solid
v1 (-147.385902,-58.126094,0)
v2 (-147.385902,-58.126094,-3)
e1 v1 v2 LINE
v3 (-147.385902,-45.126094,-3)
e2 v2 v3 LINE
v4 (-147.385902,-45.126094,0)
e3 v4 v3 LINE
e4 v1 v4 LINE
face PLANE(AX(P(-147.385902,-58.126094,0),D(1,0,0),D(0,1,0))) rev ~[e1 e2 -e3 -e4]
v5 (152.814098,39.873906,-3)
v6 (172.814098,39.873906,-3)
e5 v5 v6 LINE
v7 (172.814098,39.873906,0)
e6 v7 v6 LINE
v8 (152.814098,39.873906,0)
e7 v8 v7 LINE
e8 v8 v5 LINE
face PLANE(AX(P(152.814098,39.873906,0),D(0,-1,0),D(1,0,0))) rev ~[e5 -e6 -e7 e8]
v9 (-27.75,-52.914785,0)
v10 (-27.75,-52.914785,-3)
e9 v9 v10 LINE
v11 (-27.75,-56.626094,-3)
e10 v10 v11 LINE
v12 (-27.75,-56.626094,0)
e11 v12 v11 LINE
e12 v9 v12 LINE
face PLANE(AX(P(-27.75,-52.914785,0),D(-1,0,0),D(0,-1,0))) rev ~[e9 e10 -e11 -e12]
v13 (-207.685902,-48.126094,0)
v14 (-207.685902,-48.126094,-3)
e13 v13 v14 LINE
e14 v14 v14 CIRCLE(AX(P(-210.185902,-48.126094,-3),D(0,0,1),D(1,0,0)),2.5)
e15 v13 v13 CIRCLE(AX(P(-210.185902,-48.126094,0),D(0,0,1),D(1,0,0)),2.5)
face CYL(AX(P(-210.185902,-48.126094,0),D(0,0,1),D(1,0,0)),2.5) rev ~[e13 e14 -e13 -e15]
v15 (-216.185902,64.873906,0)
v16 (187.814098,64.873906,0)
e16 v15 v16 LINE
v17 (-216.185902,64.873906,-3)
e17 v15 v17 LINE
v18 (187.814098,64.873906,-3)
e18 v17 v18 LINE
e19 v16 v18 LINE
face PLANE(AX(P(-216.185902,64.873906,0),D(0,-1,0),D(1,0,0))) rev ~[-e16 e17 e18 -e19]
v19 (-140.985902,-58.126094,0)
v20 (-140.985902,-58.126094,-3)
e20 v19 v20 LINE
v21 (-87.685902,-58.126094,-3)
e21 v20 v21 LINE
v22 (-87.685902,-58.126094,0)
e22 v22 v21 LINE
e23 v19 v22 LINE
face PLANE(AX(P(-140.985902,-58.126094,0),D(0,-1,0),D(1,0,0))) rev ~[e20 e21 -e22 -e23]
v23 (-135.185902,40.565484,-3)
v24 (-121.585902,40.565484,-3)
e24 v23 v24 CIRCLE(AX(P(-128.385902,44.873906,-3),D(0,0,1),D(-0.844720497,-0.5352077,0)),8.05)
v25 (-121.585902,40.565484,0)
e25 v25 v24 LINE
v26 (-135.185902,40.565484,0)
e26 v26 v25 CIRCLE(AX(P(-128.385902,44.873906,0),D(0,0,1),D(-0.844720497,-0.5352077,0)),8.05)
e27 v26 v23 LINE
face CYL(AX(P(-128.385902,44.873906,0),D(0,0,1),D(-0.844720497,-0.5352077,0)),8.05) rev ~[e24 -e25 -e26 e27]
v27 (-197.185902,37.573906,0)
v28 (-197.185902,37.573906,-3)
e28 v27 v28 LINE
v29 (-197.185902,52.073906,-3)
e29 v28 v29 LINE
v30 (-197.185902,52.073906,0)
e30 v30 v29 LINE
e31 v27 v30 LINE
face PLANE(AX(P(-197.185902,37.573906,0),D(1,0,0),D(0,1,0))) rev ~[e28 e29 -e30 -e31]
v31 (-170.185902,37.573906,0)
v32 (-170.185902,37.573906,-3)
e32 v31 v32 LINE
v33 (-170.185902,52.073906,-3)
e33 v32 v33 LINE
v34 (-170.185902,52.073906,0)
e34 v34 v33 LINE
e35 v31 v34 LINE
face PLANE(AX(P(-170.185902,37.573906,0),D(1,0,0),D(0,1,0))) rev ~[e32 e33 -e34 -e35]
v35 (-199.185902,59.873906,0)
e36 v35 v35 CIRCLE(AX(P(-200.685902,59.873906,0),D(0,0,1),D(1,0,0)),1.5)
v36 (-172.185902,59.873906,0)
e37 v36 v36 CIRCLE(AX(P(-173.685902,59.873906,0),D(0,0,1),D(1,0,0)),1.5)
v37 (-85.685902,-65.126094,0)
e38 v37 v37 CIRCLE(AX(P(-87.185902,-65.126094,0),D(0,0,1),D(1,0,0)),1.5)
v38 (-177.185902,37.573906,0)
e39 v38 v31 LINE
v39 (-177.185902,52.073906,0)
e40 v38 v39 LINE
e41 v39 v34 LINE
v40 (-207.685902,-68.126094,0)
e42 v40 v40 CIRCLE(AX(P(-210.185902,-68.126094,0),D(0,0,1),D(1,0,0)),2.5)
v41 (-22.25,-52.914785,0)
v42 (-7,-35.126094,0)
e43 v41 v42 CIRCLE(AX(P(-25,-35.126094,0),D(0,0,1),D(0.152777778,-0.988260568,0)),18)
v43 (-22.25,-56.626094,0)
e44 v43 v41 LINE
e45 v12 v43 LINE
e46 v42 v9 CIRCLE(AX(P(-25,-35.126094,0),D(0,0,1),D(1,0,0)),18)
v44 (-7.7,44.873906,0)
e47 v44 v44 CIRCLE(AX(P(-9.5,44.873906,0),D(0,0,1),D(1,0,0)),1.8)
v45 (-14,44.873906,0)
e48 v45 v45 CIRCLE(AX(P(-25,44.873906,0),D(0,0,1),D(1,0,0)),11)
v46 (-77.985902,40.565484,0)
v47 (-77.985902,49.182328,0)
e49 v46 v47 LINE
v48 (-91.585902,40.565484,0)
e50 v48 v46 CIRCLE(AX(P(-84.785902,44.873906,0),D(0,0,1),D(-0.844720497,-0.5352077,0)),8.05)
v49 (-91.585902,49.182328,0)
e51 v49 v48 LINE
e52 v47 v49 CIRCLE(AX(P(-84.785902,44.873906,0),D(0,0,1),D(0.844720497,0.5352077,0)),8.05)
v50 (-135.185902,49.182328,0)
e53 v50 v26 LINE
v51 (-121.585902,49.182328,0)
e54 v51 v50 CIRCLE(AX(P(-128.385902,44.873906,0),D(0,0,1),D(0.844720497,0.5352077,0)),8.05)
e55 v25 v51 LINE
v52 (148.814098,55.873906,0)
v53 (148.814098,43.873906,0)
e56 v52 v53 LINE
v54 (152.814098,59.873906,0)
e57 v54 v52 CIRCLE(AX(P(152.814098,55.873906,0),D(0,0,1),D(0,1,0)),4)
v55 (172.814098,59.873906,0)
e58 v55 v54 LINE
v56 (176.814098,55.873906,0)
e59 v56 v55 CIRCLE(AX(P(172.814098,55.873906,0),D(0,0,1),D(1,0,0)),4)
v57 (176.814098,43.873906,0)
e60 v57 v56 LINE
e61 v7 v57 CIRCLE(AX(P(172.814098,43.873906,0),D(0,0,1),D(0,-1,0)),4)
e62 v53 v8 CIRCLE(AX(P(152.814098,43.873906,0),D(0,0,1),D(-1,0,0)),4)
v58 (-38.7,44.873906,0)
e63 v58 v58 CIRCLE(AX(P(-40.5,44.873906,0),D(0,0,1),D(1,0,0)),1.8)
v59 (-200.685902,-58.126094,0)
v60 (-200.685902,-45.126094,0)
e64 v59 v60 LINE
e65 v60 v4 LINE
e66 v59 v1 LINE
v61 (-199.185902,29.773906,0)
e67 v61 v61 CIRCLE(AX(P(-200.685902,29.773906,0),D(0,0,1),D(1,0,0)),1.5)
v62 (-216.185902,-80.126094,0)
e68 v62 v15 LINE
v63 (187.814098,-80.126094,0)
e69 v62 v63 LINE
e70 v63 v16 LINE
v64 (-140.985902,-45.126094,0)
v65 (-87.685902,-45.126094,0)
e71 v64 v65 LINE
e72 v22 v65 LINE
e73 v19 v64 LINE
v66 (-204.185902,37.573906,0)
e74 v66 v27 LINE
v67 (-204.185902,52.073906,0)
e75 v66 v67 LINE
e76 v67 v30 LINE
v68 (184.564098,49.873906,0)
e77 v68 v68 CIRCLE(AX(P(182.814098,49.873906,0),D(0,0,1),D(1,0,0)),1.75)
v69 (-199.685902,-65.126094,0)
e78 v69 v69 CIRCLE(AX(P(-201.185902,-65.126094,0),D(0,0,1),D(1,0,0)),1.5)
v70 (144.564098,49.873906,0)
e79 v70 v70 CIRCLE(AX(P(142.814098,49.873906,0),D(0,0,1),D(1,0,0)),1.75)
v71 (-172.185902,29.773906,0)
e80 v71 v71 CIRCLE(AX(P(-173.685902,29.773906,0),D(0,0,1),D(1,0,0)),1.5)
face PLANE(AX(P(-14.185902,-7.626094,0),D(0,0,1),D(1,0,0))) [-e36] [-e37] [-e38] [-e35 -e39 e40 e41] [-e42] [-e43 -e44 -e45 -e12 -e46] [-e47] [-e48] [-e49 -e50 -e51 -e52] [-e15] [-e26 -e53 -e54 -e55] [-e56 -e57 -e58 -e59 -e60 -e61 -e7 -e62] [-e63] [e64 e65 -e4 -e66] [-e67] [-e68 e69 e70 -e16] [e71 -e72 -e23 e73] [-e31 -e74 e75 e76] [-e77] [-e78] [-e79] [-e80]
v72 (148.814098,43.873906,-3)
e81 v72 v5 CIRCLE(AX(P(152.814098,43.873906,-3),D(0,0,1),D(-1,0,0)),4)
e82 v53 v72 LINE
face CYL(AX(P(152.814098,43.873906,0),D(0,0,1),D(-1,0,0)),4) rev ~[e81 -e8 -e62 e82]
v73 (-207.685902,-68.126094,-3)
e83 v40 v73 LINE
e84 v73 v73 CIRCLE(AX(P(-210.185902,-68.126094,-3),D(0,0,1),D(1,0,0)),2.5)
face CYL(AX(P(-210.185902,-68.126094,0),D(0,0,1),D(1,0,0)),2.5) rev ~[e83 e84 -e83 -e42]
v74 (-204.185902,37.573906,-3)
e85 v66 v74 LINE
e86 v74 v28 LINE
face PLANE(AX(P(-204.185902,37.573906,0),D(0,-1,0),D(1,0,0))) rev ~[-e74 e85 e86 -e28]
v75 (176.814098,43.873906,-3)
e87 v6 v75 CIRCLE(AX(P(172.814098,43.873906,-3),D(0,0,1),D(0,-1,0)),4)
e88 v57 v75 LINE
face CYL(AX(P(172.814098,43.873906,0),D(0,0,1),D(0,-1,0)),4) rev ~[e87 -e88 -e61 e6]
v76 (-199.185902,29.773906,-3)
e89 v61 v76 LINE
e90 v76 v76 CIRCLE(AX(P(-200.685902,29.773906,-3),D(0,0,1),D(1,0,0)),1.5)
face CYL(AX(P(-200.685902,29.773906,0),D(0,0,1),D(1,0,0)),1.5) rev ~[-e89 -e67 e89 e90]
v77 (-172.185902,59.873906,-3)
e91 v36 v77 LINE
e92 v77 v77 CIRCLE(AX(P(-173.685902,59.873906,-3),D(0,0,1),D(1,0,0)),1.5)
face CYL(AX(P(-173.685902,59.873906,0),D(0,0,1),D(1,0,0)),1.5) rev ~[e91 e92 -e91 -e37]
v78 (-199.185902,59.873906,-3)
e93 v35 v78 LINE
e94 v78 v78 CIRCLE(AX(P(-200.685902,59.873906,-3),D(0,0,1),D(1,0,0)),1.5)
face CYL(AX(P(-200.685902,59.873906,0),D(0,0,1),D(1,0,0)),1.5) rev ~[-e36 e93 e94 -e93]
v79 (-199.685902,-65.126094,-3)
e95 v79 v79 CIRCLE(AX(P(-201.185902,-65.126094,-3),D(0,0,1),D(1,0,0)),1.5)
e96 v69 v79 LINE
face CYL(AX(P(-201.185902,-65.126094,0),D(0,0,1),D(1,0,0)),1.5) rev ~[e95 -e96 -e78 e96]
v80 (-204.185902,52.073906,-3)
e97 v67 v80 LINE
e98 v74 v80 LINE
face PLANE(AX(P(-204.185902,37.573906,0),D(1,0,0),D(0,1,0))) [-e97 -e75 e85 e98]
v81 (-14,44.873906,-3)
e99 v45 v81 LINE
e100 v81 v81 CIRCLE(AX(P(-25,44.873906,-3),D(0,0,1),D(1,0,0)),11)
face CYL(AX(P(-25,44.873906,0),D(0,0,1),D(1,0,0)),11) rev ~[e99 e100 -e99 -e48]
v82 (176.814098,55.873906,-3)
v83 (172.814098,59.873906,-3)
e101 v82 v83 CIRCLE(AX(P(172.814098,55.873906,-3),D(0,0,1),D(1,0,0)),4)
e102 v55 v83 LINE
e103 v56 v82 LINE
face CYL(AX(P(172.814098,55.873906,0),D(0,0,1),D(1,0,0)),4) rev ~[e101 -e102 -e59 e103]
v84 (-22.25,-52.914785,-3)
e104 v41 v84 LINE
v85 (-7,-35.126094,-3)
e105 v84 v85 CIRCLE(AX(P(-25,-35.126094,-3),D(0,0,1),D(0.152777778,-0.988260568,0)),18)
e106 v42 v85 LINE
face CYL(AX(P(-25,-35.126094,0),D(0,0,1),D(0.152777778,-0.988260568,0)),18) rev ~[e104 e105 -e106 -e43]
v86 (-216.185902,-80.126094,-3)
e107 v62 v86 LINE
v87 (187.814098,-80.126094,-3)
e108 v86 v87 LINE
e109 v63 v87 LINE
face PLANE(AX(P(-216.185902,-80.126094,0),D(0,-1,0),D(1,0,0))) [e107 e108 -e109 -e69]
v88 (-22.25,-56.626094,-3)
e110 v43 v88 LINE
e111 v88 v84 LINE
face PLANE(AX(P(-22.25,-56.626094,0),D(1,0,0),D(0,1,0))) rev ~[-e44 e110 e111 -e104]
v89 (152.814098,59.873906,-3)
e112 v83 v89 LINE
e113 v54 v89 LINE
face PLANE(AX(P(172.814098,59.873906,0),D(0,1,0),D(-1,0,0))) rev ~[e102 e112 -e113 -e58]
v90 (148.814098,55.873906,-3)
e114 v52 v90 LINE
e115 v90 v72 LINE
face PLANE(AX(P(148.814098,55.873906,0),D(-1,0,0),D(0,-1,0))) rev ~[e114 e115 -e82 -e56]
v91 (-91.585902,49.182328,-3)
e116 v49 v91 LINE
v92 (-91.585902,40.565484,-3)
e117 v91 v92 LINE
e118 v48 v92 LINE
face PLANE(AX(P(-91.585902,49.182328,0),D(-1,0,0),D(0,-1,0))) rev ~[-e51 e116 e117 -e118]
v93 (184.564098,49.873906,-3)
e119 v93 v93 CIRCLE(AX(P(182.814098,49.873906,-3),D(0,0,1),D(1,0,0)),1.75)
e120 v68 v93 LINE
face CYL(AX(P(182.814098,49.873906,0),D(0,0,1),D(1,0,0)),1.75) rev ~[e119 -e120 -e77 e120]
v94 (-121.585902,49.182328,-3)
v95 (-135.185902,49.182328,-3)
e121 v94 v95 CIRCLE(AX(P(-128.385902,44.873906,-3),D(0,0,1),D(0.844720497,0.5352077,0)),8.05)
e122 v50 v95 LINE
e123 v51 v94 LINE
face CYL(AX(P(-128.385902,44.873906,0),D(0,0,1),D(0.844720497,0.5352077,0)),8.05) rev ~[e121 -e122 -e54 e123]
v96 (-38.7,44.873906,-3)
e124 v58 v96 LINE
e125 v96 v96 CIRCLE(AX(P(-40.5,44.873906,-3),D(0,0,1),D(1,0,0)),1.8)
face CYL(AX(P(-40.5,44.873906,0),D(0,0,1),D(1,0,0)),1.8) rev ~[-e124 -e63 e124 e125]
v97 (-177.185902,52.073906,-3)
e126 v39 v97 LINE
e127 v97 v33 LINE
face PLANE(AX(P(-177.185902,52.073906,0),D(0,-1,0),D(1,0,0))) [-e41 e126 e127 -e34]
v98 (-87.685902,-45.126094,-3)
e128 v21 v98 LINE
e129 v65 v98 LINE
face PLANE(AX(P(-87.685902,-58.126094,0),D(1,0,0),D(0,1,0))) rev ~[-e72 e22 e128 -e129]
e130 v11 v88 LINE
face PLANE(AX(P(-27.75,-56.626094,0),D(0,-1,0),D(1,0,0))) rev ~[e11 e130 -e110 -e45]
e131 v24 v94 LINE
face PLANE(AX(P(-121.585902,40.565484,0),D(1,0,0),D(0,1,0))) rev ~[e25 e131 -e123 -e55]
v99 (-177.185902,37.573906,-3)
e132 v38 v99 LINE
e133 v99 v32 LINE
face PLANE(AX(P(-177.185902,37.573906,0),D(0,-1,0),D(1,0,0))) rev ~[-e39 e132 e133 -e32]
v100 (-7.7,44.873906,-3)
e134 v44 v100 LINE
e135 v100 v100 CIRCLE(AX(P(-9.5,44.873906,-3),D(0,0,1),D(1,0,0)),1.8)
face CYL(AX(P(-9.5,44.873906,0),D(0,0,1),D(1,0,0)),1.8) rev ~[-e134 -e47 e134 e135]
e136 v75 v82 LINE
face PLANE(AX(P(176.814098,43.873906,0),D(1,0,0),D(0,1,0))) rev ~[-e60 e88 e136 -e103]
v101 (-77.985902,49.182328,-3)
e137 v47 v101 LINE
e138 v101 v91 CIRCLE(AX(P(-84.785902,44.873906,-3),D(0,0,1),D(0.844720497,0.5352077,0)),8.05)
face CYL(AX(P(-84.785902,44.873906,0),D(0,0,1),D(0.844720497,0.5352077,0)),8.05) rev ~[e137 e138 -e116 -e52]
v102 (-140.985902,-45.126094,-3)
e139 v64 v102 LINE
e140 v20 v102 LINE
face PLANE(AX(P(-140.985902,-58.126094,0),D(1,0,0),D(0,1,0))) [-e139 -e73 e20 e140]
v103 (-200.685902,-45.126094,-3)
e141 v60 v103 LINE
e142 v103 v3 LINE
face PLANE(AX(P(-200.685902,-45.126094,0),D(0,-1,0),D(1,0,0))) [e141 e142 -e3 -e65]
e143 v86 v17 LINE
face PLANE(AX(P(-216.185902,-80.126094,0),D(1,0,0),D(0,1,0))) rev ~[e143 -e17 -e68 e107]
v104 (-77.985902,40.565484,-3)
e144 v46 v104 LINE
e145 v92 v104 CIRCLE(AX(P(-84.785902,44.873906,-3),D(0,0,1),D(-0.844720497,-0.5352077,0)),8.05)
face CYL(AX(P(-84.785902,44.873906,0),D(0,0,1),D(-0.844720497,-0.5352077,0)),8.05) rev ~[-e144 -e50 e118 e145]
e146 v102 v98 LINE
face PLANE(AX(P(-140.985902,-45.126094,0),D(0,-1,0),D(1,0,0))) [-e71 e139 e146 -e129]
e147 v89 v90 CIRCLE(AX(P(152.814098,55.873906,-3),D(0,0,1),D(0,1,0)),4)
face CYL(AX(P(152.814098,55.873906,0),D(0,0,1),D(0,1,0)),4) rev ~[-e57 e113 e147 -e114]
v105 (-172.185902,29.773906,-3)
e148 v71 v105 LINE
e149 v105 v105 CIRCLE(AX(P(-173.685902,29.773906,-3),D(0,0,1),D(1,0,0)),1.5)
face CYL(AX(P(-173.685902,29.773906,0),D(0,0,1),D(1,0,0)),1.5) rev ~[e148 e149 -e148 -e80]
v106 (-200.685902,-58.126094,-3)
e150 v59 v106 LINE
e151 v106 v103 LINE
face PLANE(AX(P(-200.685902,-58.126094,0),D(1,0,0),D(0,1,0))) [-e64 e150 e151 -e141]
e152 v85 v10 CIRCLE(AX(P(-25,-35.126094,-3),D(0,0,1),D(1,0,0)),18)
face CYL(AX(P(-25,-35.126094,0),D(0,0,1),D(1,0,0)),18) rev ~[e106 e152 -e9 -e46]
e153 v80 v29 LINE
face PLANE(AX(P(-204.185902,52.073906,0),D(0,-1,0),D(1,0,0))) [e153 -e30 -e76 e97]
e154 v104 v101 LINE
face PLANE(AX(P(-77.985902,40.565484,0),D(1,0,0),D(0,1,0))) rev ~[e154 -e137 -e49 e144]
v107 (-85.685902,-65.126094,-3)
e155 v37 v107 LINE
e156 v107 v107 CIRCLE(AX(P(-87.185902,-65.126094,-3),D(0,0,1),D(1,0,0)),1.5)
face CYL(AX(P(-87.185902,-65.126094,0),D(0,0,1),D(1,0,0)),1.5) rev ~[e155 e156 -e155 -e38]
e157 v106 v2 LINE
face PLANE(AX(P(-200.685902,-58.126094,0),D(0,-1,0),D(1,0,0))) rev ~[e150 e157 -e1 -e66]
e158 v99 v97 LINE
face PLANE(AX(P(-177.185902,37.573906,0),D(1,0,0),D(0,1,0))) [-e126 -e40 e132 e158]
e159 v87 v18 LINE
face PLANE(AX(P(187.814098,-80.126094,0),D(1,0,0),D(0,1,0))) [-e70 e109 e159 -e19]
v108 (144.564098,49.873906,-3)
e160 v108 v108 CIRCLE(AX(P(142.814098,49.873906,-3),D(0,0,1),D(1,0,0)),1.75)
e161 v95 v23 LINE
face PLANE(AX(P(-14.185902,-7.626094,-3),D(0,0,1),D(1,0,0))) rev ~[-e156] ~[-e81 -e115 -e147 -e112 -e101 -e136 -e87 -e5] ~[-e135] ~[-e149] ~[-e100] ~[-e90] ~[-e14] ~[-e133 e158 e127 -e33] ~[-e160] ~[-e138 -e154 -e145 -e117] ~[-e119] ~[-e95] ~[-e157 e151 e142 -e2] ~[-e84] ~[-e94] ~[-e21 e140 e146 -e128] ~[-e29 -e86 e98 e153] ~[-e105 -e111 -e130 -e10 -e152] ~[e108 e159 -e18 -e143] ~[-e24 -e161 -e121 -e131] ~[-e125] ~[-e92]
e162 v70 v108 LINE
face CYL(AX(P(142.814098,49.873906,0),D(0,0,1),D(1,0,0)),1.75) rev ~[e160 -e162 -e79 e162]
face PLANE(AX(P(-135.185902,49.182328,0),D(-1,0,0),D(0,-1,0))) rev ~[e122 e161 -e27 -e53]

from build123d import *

# Parameters (mm, degrees)
F0_W     = 404
F0_H     = 145
F2_DEPTH = 3
F1_R     = 2.5
F1_R_2   = 11
F1_R_3   = 1.8
F1_R_4   = 1.75
F1_W     = 53.3
F1_H     = 13
F1_W_2   = 7
F1_H_2   = 14.5
F1_R_5   = 1.5
F3_DEPTH = 25


with BuildPart() as f2:
    # F0 (on Top) → F2 (new body)
    with BuildSketch(Plane.XY):
        with Locations((-14.1859020234, -7.6260944492)):
            Rectangle(F0_W, F0_H)
    extrude(amount=-F2_DEPTH)

    # F1 (on Top) → F3 (cut)
    with BuildSketch(Plane.XY):
        with Locations((-210.1859020234, -68.1260944492)):
            Circle(F1_R)
        with BuildLine():
            Line((-135.1859020234, 49.1823275357), (-135.1859020234, 40.5654835659))
            ThreePointArc((-135.1859020234, 40.5654835659), (-128.3859020234, 36.8239055508), (-121.5859020234, 40.5654835659))
            Line((-121.5859020234, 40.5654835659), (-121.5859020234, 49.1823275357))
            ThreePointArc((-121.5859020234, 49.1823275357), (-128.3859020234, 52.9239055508), (-135.1859020234, 49.1823275357))
        make_face()
        with BuildLine():
            ThreePointArc((-22.25, -52.9147846764), (-11.3343496313, -46.8414689631), (-7, -35.1260944492))
            ThreePointArc((-7, -35.1260944492), (-36.7153745139, -21.4604440805), (-27.75, -52.9147846764))
            Line((-27.75, -52.9147846764), (-27.75, -31.4030106551))
            Line((-27.75, -31.4030106551), (-22.25, -31.4030106551))
            Line((-22.25, -31.4030106551), (-22.25, -52.9147846764))
        make_face()
        with BuildLine():
            Line((-27.75, -31.4030106551), (-27.75, -52.9147846764))
            ThreePointArc((-27.75, -52.9147846764), (-25, -53.1260944492), (-22.25, -52.9147846764))
            Line((-22.25, -52.9147846764), (-22.25, -31.4030106551))
            Line((-22.25, -31.4030106551), (-27.75, -31.4030106551))
        make_face()
        with BuildLine():
            ThreePointArc((-22.25, -52.9147846764), (-25, -53.1260944492), (-27.75, -52.9147846764))
            Line((-27.75, -52.9147846764), (-27.75, -56.6260944492))
            Line((-27.75, -56.6260944492), (-22.25, -56.6260944492))
            Line((-22.25, -56.6260944492), (-22.25, -52.9147846764))
        make_face()
        with Locations((-25, 44.8739055508)):
            Circle(F1_R_2)
        with Locations((-40.5, 44.8739055508)):
            Circle(F1_R_3)
        with Locations((-9.5, 44.8739055508)):
            Circle(F1_R_3)
        with Locations((-210.1859020234, -48.1260944492)):
            Circle(F1_R)
        with BuildLine():
            Line((152.8140979766, 39.8739055508), (172.8140979766, 39.8739055508))
            ThreePointArc((172.8140979766, 39.8739055508), (175.6425251014, 41.045478426), (176.8140979766, 43.8739055508))
            Line((176.8140979766, 43.8739055508), (176.8140979766, 55.8739055508))
            ThreePointArc((176.8140979766, 55.8739055508), (175.6425251014, 58.7023326755), (172.8140979766, 59.8739055508))
            Line((172.8140979766, 59.8739055508), (152.8140979766, 59.8739055508))
            ThreePointArc((152.8140979766, 59.8739055508), (149.9856708519, 58.7023326755), (148.8140979766, 55.8739055508))
            Line((148.8140979766, 55.8739055508), (148.8140979766, 43.8739055508))
            ThreePointArc((148.8140979766, 43.8739055508), (149.9856708519, 41.045478426), (152.8140979766, 39.8739055508))
        make_face()
        with Locations((142.8140979766, 49.8739055508)):
            Circle(F1_R_4)
        with Locations((182.8140979766, 49.8739055508)):
            Circle(F1_R_4)
        with Locations((-174.0359020234, -51.6260944492)):
            Rectangle(F1_W, F1_H)
        with Locations((-114.3359020234, -51.6260944492)):
            Rectangle(F1_W, F1_H)
        with Locations((-200.6859020234, 44.8239055508)):
            Rectangle(F1_W_2, F1_H_2)
        with Locations((-200.6859020234, 59.8739055508)):
            Circle(F1_R_5)
        with Locations((-200.6859020234, 29.7739055508)):
            Circle(F1_R_5)
        with Locations((-173.6859020234, 44.8239055508)):
            Rectangle(F1_W_2, F1_H_2)
        with Locations((-173.6859020234, 59.8739055508)):
            Circle(F1_R_5)
        with Locations((-173.6859020234, 29.7739055508)):
            Circle(F1_R_5)
        with BuildLine():
            Line((-91.5859020234, 49.1823275357), (-91.5859020234, 40.5654835659))
            ThreePointArc((-91.5859020234, 40.5654835659), (-84.7859020234, 36.8239055508), (-77.9859020234, 40.5654835659))
            Line((-77.9859020234, 40.5654835659), (-77.9859020234, 49.1823275357))
            ThreePointArc((-77.9859020234, 49.1823275357), (-84.7859020234, 52.9239055508), (-91.5859020234, 49.1823275357))
        make_face()
        with Locations((-201.1859020234, -65.1260944492)):
            Circle(F1_R_5)
        with Locations((-87.1859020234, -65.1260944492)):
            Circle(F1_R_5)
    extrude(amount=-F3_DEPTH, mode=Mode.SUBTRACT)


solid = f2.part
